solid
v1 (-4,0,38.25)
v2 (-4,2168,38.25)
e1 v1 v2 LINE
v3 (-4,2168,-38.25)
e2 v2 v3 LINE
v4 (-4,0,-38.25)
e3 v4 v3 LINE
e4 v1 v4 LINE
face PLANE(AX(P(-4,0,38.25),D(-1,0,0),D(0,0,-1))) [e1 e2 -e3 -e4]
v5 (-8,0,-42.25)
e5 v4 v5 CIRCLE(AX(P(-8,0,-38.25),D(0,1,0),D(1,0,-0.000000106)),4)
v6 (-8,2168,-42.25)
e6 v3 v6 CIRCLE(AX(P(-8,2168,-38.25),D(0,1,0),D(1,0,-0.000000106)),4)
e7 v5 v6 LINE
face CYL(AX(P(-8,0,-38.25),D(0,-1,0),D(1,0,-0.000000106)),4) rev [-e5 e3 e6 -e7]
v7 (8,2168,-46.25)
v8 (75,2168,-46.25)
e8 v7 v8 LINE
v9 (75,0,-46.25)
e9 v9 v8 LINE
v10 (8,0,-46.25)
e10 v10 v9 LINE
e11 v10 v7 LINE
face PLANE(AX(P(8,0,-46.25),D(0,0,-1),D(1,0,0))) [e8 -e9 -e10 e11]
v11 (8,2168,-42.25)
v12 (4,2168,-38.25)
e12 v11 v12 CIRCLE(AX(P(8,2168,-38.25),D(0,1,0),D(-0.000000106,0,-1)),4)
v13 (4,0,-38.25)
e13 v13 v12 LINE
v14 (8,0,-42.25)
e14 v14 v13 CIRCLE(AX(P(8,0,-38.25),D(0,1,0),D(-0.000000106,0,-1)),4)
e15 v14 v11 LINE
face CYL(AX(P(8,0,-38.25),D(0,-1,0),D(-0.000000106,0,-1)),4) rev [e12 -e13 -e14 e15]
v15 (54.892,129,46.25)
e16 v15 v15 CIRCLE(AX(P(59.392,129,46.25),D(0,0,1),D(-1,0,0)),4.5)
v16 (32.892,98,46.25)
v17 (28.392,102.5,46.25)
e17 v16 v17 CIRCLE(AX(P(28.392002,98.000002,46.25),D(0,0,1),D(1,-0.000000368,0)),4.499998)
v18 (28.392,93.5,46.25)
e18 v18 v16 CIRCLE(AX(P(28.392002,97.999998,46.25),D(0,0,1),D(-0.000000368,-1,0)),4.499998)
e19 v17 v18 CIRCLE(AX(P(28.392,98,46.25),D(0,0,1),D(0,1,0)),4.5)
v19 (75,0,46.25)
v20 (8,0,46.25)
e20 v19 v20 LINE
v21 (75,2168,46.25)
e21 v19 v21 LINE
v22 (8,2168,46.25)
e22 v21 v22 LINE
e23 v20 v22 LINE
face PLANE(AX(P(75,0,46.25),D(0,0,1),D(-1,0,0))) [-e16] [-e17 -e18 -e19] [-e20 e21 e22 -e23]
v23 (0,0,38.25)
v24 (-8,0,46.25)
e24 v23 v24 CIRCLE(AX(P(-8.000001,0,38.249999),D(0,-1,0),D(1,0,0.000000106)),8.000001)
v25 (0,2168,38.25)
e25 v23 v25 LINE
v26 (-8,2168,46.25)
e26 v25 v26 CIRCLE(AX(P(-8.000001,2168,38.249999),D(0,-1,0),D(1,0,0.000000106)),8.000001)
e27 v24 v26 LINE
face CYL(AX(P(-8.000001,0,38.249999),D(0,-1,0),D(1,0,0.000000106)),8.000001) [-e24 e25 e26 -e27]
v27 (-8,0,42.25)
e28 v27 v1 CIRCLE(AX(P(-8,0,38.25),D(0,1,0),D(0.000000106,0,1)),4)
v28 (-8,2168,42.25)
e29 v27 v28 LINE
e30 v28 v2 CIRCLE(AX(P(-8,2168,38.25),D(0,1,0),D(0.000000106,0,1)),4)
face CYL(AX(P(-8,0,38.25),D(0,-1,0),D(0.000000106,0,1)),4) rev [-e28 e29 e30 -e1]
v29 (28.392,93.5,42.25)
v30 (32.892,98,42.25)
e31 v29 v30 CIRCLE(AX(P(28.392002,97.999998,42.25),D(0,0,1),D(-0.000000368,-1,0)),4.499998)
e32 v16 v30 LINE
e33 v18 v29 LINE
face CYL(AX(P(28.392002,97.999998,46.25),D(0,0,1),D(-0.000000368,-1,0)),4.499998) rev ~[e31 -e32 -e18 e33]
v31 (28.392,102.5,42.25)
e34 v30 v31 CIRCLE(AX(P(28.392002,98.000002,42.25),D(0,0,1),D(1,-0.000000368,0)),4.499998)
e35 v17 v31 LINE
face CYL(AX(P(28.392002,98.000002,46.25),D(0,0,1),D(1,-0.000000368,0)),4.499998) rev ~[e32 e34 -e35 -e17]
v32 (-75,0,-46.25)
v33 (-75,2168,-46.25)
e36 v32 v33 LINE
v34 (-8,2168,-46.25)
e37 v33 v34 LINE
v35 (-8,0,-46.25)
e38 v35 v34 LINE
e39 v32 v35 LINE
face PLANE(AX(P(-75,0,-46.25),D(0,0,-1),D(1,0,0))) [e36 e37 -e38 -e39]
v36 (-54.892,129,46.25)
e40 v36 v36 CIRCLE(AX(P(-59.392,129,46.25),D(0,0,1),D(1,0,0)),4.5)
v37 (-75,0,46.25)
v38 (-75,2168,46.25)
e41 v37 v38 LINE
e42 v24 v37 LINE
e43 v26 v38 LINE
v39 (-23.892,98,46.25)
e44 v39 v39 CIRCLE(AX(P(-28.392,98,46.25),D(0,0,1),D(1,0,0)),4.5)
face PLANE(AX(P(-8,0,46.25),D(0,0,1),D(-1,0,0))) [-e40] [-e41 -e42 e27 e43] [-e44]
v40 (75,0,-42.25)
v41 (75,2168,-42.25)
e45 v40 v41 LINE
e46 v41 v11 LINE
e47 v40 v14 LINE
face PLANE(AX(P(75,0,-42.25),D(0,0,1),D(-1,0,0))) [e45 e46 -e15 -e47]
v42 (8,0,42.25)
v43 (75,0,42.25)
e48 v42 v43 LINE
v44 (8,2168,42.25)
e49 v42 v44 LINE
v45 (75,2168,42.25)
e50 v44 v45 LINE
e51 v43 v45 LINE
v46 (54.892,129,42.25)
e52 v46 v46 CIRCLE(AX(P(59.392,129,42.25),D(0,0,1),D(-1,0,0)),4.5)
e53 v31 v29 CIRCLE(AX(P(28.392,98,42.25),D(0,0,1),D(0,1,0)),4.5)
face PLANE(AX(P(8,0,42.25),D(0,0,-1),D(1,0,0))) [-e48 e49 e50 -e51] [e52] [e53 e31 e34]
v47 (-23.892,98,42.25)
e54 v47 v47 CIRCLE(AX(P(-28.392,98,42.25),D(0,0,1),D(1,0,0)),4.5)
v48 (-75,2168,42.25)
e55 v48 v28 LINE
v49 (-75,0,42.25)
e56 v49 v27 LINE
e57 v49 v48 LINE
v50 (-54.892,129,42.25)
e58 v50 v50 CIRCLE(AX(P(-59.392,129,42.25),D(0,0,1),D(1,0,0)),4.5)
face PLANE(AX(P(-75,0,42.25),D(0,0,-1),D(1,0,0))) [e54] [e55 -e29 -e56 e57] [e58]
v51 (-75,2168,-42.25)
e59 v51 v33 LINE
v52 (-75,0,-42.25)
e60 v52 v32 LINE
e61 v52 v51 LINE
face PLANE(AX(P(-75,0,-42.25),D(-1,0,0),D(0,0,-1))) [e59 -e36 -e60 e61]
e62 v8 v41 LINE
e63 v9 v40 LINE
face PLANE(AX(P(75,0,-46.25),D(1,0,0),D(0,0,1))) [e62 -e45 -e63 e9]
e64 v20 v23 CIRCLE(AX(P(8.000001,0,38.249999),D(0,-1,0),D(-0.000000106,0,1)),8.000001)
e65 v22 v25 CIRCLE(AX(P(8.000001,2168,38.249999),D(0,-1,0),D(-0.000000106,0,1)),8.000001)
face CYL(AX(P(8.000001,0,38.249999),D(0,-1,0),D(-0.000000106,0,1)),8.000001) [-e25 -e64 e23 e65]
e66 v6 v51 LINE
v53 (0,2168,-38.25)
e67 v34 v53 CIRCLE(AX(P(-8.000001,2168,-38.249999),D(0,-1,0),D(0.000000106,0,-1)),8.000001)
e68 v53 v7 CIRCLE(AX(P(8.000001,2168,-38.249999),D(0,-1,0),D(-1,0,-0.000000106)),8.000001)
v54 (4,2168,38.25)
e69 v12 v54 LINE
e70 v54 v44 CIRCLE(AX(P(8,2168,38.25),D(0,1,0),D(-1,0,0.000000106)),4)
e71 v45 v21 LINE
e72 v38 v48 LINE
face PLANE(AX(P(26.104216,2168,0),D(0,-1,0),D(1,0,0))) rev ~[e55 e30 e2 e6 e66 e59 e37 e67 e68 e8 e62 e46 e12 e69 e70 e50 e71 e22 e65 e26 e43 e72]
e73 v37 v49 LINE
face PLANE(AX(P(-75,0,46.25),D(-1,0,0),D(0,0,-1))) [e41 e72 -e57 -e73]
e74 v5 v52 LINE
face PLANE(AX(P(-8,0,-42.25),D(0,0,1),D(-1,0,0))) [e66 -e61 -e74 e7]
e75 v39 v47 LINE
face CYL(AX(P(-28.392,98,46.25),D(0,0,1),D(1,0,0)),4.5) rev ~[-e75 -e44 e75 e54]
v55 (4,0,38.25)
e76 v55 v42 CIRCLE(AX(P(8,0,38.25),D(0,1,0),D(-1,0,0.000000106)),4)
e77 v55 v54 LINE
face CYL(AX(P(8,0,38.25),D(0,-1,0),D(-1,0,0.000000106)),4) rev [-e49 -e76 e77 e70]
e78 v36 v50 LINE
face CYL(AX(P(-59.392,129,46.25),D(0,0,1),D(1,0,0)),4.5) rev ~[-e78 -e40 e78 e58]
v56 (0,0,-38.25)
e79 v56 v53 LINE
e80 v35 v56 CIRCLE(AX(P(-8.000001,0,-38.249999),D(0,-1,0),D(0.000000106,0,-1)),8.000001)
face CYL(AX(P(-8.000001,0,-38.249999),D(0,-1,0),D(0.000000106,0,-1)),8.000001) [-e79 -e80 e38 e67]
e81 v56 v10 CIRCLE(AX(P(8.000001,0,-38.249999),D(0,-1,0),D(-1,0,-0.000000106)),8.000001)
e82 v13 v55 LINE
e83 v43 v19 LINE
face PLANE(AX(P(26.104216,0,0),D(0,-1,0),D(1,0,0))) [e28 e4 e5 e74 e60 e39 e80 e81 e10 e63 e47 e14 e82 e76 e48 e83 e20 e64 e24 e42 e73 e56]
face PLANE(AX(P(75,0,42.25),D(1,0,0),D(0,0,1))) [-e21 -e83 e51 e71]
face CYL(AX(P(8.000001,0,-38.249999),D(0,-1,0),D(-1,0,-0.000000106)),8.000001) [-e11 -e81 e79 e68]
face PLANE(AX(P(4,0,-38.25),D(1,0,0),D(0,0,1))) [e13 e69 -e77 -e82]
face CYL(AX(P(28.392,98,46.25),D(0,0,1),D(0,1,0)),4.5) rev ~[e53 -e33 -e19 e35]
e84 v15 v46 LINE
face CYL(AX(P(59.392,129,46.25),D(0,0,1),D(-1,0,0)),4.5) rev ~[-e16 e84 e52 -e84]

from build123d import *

# Parameters (mm, degrees)
F1_DEPTH = 2168
F3_R     = 4.5
F4_DEPTH = 4


with BuildPart() as f1:
    # F0 (on Front) → F1 (new body)
    with BuildSketch(Plane.XZ):
        with BuildLine():
            Line((0, 38.25), (0, -38.25))
            ThreePointArc((0, -38.25), (2.343146, -43.906854), (8, -46.25))
            Line((8, -46.25), (75, -46.25))
            Line((75, -46.25), (75, -42.25))
            Line((75, -42.25), (8, -42.25))
            ThreePointArc((8, -42.25), (5.171573, -41.078427), (4, -38.25))
            Line((4, -38.25), (4, 38.25))
            ThreePointArc((4, 38.25), (5.171573, 41.078427), (8, 42.25))
            Line((8, 42.25), (75, 42.25))
            Line((75, 42.25), (75, 46.25))
            Line((75, 46.25), (8, 46.25))
            ThreePointArc((8, 46.25), (2.343146, 43.906854), (0, 38.25))
        make_face()
        with BuildLine():
            Line((-75, -42.25), (-75, -46.25))
            Line((-75, -46.25), (-8, -46.25))
            ThreePointArc((-8, -46.25), (-2.343146, -43.906854), (0, -38.25))
            Line((0, -38.25), (0, 38.25))
            ThreePointArc((0, 38.25), (-2.343146, 43.906854), (-8, 46.25))
            Line((-8, 46.25), (-75, 46.25))
            Line((-75, 46.25), (-75, 42.25))
            Line((-75, 42.25), (-8, 42.25))
            ThreePointArc((-8, 42.25), (-5.171573, 41.078427), (-4, 38.25))
            Line((-4, 38.25), (-4, -38.25))
            ThreePointArc((-4, -38.25), (-5.171573, -41.078427), (-8, -42.25))
            Line((-8, -42.25), (-75, -42.25))
        make_face()
    extrude(amount=-F1_DEPTH)

    # F3 (on offset) → F4 (cut)
    with BuildSketch(Plane.XY.offset(46.25)):
        with BuildLine():
            ThreePointArc((63.892, 129), (59.392, 133.5), (54.892, 129))
            ThreePointArc((54.892, 129), (59.392, 124.5), (63.892, 129))
        make_face()
        with BuildLine():
            Line((28.392, 98), (28.392, 93.5))
            ThreePointArc((28.392, 93.5), (31.573981, 94.818019), (32.892, 98))
            ThreePointArc((32.892, 98), (31.573981, 101.181981), (28.392, 102.5))
            Line((28.392, 102.5), (28.392, 98))
        make_face()
        with BuildLine():
            ThreePointArc((28.392, 102.5), (23.892, 98), (28.392, 93.5))
            Line((28.392, 93.5), (28.392, 98))
            Line((28.392, 98), (28.392, 102.5))
        make_face()
        with Locations((-28.392, 98)):
            Circle(F3_R)
        with Locations((-59.392, 129)):
            Circle(F3_R)
    extrude(amount=-F4_DEPTH, mode=Mode.SUBTRACT)


solid = f1.part
